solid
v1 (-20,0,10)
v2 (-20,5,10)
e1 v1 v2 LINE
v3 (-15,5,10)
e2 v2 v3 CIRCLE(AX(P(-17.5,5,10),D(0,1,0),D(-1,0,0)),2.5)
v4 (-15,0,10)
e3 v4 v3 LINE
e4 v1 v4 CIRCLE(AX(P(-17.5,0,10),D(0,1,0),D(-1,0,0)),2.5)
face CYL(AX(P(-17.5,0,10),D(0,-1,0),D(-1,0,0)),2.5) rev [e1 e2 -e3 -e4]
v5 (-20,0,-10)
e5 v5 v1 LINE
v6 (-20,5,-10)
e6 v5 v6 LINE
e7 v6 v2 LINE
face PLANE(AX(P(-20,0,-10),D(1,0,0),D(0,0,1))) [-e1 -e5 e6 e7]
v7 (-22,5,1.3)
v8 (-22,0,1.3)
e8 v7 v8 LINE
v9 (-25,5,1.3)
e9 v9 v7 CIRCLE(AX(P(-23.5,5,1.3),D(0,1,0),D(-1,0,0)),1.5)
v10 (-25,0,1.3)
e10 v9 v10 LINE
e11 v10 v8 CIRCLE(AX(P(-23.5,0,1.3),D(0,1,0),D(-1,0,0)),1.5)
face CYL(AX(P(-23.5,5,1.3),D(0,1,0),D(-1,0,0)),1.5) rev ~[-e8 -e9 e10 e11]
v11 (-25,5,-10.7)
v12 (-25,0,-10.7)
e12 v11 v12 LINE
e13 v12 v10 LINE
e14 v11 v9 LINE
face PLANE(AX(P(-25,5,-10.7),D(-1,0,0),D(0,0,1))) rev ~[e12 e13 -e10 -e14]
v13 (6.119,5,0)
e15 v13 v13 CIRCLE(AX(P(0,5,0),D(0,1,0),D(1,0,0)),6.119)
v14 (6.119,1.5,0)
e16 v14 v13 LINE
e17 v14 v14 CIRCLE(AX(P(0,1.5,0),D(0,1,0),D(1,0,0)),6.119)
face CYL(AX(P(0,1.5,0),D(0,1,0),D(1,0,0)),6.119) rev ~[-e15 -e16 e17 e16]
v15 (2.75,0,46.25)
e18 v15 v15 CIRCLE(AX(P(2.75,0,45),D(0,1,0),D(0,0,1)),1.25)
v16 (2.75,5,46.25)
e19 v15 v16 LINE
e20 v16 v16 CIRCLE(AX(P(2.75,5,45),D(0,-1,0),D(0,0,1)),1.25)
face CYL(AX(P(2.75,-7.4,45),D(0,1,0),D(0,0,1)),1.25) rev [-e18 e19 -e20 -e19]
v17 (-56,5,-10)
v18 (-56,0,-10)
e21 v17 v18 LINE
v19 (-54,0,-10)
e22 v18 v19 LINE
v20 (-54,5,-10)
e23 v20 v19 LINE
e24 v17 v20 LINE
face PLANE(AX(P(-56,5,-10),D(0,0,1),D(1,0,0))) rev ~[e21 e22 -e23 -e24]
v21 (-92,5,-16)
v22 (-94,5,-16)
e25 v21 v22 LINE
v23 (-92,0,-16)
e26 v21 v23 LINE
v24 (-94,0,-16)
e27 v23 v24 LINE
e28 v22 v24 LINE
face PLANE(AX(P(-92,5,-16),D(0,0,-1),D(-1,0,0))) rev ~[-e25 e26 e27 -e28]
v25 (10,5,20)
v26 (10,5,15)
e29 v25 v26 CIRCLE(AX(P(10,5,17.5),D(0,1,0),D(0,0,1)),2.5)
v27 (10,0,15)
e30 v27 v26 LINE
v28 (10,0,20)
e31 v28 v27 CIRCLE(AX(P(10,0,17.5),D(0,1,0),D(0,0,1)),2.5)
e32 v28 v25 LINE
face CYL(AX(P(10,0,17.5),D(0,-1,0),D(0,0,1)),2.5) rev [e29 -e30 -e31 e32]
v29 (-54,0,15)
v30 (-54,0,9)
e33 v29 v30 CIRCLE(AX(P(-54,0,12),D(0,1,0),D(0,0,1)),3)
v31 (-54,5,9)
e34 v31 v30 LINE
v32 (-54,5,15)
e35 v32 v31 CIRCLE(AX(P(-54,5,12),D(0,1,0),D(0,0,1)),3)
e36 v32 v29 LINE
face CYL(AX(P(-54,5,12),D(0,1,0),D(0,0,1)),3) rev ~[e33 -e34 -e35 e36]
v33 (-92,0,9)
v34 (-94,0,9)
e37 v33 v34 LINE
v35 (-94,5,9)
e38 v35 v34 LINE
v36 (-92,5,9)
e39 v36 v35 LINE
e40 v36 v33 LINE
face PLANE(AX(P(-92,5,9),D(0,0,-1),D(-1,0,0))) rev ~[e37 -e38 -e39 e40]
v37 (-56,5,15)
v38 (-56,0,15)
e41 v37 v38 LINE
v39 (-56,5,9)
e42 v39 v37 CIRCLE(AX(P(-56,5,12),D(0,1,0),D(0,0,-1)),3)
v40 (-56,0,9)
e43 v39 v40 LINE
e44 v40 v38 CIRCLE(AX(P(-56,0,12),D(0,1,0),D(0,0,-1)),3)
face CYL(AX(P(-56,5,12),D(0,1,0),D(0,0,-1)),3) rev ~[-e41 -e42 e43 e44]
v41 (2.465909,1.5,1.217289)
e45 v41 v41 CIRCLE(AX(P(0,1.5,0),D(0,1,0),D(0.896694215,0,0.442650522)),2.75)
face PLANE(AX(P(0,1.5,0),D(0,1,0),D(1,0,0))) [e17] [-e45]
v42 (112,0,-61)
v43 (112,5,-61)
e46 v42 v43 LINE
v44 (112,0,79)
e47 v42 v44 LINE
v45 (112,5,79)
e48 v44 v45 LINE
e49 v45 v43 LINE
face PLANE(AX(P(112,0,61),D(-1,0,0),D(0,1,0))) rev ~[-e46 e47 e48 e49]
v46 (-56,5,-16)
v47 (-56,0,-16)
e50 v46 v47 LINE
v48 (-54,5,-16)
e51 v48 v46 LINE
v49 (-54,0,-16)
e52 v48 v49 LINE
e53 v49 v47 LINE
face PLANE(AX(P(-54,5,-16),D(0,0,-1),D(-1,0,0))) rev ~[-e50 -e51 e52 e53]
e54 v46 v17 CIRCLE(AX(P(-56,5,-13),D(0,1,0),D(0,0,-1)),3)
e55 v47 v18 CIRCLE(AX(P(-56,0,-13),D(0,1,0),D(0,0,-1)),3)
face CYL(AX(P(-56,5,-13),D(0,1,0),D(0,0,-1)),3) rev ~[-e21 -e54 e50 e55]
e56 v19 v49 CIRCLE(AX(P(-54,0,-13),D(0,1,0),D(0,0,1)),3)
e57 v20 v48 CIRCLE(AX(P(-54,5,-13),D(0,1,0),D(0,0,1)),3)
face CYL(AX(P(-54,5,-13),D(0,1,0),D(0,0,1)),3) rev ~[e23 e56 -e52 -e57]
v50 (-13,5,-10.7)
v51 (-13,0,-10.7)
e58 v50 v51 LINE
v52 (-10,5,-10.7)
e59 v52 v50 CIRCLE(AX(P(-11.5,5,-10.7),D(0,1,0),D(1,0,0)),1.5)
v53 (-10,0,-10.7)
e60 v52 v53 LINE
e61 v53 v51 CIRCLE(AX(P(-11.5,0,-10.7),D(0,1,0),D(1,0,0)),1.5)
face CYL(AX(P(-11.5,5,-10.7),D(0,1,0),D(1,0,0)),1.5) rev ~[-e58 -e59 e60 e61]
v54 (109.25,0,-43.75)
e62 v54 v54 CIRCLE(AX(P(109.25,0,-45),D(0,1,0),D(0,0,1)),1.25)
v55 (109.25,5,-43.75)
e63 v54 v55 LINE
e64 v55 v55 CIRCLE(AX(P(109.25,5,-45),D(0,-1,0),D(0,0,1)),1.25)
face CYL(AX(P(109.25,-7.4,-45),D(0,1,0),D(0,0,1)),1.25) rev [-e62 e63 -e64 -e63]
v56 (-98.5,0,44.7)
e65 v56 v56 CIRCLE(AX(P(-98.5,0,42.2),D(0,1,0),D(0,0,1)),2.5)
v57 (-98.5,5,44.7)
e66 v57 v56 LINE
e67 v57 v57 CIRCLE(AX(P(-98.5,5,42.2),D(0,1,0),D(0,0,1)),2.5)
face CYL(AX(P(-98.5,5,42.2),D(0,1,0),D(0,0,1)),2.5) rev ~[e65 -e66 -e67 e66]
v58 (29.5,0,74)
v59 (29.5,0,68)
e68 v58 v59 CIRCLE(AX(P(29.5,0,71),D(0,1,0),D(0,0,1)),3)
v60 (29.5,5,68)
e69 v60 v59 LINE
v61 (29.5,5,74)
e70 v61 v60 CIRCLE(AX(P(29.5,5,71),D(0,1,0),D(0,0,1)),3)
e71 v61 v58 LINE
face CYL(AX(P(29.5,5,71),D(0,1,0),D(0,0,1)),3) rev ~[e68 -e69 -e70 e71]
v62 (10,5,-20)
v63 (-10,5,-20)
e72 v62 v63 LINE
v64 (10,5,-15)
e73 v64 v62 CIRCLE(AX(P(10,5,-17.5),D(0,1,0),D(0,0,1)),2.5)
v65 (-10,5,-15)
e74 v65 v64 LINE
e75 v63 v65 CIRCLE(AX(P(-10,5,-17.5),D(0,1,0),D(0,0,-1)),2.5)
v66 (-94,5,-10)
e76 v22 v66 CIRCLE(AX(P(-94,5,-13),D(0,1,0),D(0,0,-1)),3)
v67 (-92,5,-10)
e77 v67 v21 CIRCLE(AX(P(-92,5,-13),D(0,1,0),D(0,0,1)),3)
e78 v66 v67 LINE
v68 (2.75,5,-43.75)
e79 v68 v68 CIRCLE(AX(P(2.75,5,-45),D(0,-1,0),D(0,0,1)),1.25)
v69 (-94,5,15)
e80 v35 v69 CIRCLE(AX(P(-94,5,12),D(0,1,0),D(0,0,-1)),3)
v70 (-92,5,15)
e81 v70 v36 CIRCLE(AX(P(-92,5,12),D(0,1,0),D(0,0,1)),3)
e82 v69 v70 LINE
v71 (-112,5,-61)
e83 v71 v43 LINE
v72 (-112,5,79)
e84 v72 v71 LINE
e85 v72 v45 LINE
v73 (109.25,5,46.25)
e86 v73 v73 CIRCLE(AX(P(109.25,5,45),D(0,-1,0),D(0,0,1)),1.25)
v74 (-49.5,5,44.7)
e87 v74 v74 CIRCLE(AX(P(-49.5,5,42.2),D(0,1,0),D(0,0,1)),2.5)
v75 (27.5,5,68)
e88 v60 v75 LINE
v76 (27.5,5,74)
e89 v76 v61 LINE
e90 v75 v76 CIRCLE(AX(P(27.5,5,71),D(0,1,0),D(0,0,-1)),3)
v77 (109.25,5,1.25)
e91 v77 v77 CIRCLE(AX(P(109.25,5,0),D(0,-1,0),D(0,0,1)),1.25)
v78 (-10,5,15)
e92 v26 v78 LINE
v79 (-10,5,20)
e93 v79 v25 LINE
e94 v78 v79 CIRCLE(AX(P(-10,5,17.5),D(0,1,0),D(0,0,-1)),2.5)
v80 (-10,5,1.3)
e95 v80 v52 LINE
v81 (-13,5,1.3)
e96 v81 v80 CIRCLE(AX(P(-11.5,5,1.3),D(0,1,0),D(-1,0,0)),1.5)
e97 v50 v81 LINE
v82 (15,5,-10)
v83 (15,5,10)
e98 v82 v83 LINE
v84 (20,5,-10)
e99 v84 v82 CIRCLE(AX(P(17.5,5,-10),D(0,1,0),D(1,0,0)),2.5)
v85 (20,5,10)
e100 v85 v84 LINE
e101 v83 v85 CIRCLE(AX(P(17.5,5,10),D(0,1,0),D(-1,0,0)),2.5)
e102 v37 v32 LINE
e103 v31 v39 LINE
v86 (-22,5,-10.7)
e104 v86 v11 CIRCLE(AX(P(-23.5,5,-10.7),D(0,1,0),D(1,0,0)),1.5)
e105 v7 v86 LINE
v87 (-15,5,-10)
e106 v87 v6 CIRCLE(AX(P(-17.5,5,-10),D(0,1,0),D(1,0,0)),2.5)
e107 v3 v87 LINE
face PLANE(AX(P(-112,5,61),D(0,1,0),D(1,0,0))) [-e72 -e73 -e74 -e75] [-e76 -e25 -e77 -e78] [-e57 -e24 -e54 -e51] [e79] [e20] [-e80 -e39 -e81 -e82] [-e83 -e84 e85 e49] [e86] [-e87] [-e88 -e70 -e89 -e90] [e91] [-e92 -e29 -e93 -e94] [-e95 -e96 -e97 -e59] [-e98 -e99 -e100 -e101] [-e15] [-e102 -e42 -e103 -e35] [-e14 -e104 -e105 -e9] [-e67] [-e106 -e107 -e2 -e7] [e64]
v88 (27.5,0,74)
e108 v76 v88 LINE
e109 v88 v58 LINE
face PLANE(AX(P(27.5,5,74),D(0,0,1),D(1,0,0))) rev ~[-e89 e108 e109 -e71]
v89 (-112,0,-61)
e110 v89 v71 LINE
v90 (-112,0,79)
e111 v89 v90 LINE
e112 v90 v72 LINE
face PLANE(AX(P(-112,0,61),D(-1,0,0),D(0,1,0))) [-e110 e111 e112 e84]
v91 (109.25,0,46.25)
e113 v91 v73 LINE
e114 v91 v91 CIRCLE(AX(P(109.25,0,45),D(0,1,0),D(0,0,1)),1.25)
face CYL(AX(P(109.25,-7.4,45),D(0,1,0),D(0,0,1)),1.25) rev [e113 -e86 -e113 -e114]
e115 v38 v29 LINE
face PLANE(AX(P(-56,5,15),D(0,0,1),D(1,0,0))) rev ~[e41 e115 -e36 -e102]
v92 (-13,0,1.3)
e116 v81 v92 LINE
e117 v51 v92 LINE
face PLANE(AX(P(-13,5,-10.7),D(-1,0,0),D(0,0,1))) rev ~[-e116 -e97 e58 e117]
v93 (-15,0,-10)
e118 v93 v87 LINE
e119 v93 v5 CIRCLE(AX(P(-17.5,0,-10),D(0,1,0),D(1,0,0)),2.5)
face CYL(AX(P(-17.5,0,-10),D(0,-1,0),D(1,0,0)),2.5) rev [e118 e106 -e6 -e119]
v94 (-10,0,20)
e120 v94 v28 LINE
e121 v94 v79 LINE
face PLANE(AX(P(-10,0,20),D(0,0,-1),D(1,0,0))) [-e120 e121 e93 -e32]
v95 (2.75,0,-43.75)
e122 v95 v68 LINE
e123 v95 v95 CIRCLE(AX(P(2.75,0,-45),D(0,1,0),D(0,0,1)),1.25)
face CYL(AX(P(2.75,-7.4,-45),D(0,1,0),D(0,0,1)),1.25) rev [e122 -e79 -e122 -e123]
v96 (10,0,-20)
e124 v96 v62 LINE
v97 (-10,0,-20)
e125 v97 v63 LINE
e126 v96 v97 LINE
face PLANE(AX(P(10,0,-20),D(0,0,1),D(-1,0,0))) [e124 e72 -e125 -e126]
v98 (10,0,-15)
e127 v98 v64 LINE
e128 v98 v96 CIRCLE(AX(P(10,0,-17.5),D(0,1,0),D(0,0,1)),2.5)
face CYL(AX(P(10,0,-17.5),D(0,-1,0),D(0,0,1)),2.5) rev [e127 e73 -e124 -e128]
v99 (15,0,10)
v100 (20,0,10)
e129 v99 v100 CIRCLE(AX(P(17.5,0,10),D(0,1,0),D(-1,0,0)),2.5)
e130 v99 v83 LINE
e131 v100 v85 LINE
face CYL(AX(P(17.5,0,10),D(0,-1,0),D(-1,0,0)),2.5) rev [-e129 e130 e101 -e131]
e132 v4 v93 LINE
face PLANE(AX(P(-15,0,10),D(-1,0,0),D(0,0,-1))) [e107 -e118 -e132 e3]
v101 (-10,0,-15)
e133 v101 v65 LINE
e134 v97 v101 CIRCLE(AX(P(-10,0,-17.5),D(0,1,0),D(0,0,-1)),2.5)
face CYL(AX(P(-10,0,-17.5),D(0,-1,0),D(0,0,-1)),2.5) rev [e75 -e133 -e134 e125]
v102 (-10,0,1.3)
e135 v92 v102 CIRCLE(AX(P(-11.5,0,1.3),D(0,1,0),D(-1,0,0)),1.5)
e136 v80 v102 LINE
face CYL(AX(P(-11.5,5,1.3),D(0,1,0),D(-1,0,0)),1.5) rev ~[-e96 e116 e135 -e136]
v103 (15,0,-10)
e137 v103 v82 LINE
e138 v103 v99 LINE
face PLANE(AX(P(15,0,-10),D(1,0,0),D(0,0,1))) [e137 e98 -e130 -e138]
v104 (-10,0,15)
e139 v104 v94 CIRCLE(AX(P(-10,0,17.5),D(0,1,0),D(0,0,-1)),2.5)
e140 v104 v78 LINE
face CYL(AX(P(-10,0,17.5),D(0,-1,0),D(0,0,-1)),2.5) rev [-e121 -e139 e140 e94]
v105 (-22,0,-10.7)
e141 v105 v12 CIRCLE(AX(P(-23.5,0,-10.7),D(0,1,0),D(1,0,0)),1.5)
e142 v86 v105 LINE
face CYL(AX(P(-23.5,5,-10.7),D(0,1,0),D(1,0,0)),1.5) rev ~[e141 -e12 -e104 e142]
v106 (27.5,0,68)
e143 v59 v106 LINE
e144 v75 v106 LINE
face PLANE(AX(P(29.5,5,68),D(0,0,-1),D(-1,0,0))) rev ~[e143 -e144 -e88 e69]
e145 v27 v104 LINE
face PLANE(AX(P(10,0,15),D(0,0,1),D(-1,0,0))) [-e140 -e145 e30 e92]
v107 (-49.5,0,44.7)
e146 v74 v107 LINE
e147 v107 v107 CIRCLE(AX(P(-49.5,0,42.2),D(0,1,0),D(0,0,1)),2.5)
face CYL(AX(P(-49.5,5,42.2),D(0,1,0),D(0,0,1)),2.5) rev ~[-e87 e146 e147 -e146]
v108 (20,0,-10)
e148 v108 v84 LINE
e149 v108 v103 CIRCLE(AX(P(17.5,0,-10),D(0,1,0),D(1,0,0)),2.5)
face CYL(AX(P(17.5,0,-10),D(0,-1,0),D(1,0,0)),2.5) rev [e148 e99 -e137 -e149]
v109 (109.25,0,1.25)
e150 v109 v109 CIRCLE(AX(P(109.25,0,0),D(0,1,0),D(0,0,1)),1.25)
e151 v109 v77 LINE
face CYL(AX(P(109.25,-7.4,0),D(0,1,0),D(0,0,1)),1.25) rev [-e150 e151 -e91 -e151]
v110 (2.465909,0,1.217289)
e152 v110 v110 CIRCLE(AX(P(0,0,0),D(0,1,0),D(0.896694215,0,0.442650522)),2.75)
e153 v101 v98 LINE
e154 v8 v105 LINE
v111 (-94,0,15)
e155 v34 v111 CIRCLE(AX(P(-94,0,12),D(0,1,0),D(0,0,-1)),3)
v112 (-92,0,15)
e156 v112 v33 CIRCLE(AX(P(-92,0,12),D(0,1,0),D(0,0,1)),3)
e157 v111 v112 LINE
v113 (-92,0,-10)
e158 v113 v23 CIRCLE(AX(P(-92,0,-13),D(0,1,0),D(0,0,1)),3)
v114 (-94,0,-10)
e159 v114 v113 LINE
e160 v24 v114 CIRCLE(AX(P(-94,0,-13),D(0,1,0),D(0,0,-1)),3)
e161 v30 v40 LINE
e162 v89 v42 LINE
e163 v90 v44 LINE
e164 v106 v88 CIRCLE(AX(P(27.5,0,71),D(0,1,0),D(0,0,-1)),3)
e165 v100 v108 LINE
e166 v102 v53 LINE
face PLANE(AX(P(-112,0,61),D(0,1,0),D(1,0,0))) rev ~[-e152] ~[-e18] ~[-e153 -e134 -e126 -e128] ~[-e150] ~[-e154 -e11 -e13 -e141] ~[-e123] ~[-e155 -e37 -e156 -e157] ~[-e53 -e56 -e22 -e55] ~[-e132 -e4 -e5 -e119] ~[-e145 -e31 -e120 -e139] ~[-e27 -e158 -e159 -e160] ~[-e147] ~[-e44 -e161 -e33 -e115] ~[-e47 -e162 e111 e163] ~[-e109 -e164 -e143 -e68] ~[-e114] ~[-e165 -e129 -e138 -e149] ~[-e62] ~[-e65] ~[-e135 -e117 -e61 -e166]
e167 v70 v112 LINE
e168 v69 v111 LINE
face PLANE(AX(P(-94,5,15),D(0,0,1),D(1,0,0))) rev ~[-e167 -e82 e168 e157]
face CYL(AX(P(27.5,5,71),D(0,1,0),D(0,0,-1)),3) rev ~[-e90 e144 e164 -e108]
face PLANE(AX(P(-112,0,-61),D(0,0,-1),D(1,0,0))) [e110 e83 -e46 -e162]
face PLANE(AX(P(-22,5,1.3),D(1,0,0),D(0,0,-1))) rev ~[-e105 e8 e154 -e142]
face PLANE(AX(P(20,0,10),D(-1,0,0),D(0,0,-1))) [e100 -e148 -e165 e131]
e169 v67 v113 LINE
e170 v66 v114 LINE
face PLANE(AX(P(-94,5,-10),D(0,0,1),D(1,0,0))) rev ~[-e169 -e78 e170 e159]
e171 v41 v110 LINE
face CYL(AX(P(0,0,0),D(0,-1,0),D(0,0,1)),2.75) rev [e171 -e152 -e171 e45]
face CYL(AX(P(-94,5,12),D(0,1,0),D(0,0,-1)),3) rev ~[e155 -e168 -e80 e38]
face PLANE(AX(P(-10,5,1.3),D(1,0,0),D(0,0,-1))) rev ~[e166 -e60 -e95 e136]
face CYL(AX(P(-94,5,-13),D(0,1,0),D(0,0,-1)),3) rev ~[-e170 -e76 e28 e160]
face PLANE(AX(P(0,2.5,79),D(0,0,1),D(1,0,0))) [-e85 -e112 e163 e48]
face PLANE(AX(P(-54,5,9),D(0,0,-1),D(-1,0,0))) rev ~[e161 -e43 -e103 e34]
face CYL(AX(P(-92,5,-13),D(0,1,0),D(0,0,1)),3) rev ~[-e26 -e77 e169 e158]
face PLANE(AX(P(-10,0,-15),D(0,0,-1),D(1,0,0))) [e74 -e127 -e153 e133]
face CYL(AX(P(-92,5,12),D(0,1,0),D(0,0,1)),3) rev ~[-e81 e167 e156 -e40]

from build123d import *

# Parameters (mm, degrees)
SKETCH1_W                               = 224
SKETCH1_H                               = 122
BOSS_EXTRUDE1_DEPTH                     = 5
CUT_EXTRUDE1_DEPTH                      = 5
CIRPATTERN1_COUNT                       = 4
SKETCH3_R                               = 2.75
CUT_EXTRUDE5_DEPTH                      = 5
CBORE_FOR_M5_HEX_HEAD_BOLT1_D           = 5.5
CBORE_FOR_M5_HEX_HEAD_BOLT1_DEPTH       = 12.4
CBORE_FOR_M5_HEX_HEAD_BOLT1_CBORE_D     = 12.238
CBORE_FOR_M5_HEX_HEAD_BOLT1_CBORE_DEPTH = 3.5
CBORE_FOR_M5_HEX_HEAD_BOLT1_TIP         = 1.652366702
F_2_5MM_DOWEL_HOLE1_AT_2_COUNT          = 2
F_2_5MM_DOWEL_HOLE1_AT_2_PITCH          = 45
F_2_5MM_DOWEL_HOLE1_AT_3_COUNT          = 2
F_2_5MM_DOWEL_HOLE1_AT_3_PITCH          = 90
LPATTERN1_COUNT                         = 2
LPATTERN1_PITCH                         = 106.5
BOSS_EXTRUDE3_START                     = -1.5
SKETCH11_R                              = 4
SKETCH11_R_2                            = 2.75
BOSS_EXTRUDE3_DEPTH                     = 1.5
CUT_EXTRUDE6_DEPTH                      = 10
LPATTERN2_COUNT                         = 2
LPATTERN2_PITCH                         = 25
SKETCH13_R                              = 2.5
CUT_EXTRUDE7_DEPTH                      = 10
SKETCH15_W                              = 224
SKETCH15_H                              = 5
BOSS_EXTRUDE4_DEPTH                     = 18
CUT_EXTRUDE8_DEPTH                      = 5
CUT_EXTRUDE9_DEPTH                      = 10


with BuildPart() as part:
    # Sketch1 → Boss-Extrude1 (new body)
    with BuildSketch(Plane(origin=(0, 0, 0), x_dir=(1, 0, 0), z_dir=(0, 1, 0))):
        Rectangle(SKETCH1_W, SKETCH1_H)
    extrude(amount=BOSS_EXTRUDE1_DEPTH)

    # Sketch2 → Cut-Extrude1 (cut)
    with BuildSketch(Plane.XZ):
        with BuildLine():
            Line((-15, 10), (-15, -10))
            ThreePointArc((-15, -10), (-17.5, -12.5), (-20, -10))
            Line((-20, -10), (-20, 10))
            ThreePointArc((-20, 10), (-17.5, 12.5), (-15, 10))
        make_face()
    cut_extrude1 = extrude(amount=-CUT_EXTRUDE1_DEPTH, mode=Mode.SUBTRACT)

    # CirPattern1: Cut-Extrude1 ×4 about axis
    cirpattern1_axis = Axis((0, 0, 0), (0, 1, 0))
    for i in range(1, CIRPATTERN1_COUNT):
        add(cut_extrude1.rotate(cirpattern1_axis, i * 360 / CIRPATTERN1_COUNT), mode=Mode.SUBTRACT)

    # Sketch3 → Cut-Extrude5 (cut)
    with BuildSketch(Plane(origin=(0, 0, 0), x_dir=(1, 0, 0), z_dir=(0, 1, 0))):
        with Locations(Location((0, 0, 0), (0, 0, 270))):
            Circle(SKETCH3_R)
    extrude(amount=CUT_EXTRUDE5_DEPTH, mode=Mode.SUBTRACT)

    # CBORE for M5 Hex Head Bolt1
    with Locations(Plane(origin=(0, 5, 0), x_dir=(1, 0, 0), z_dir=(0, 1, 0))):
        with Locations((0, 0)):
            CounterBoreHole(CBORE_FOR_M5_HEX_HEAD_BOLT1_D / 2, CBORE_FOR_M5_HEX_HEAD_BOLT1_CBORE_D / 2, CBORE_FOR_M5_HEX_HEAD_BOLT1_CBORE_DEPTH, depth=CBORE_FOR_M5_HEX_HEAD_BOLT1_DEPTH)
            with Locations((0, 0, -(CBORE_FOR_M5_HEX_HEAD_BOLT1_DEPTH + CBORE_FOR_M5_HEX_HEAD_BOLT1_TIP / 2))):  # 118° drill point
                Cone(0, CBORE_FOR_M5_HEX_HEAD_BOLT1_D / 2, CBORE_FOR_M5_HEX_HEAD_BOLT1_TIP, mode=Mode.SUBTRACT)

    # Sketch10 → Ø2.5mm Dowel Hole1 (revolve, cut)
    with BuildSketch(Plane(origin=(109.25, 5, 45), x_dir=(0, 0, 1), z_dir=(1, 0, 0))):
        Polygon((0, 0), (0, 13.151075774), (1.25, 12.4), (1.25, 0), align=None)
    f_2_5mm_dowel_hole1 = revolve(axis=Axis((109.25, 11.35, 45), (0, -1, 0)), mode=Mode.SUBTRACT)

    # Ø2.5mm Dowel Hole1 at 2: Ø2.5mm Dowel Hole1 ×2
    with Locations(*[(0, 0, -i * F_2_5MM_DOWEL_HOLE1_AT_2_PITCH) for i in range(1, F_2_5MM_DOWEL_HOLE1_AT_2_COUNT)]):
        add(f_2_5mm_dowel_hole1, mode=Mode.SUBTRACT)

    # Ø2.5mm Dowel Hole1 at 3: Ø2.5mm Dowel Hole1 ×2
    with Locations(*[(0, 0, -i * F_2_5MM_DOWEL_HOLE1_AT_3_PITCH) for i in range(1, F_2_5MM_DOWEL_HOLE1_AT_3_COUNT)]):
        add(f_2_5mm_dowel_hole1, mode=Mode.SUBTRACT)

    # LPattern1: Ø2.5mm Dowel Hole1 ×2
    with Locations(*[(-i * LPATTERN1_PITCH, 0, 0) for i in range(1, LPATTERN1_COUNT)]):
        add(f_2_5mm_dowel_hole1, mode=Mode.SUBTRACT)

    # LPattern1 copy 1 sketch → LPattern1 copy 1 (revolve, cut)
    with BuildSketch(Plane(origin=(2.75, 5, 0), x_dir=(0, 0, 1), z_dir=(1, 0, 0))):
        Polygon((0, 0), (0, 13.151075774), (1.25, 12.4), (1.25, 0), align=None)
    revolve(axis=Axis((2.75, 11.35, 0), (0, -1, 0)), mode=Mode.SUBTRACT)

    # LPattern1 copy 2 sketch → LPattern1 copy 2 (revolve, cut)
    with BuildSketch(Plane(origin=(2.75, 5, -45), x_dir=(0, 0, 1), z_dir=(1, 0, 0))):
        Polygon((0, 0), (0, 13.151075774), (1.25, 12.4), (1.25, 0), align=None)
    revolve(axis=Axis((2.75, 11.35, -45), (0, -1, 0)), mode=Mode.SUBTRACT)

    # Sketch11 → Boss-Extrude3 (add)
    with BuildSketch(Plane(origin=(0, 1.5, 0), x_dir=(1, 0, 0), z_dir=(0, 1, 0)).offset(BOSS_EXTRUDE3_START)):
        Circle(SKETCH11_R)
        with Locations(Location((0, 0, 0), (0, 0, 270))):
            Circle(SKETCH11_R_2, mode=Mode.SUBTRACT)
    extrude(amount=BOSS_EXTRUDE3_DEPTH)

    # Sketch12 → Cut-Extrude6 (cut)
    with BuildSketch(Plane(origin=(0, 5, 0), x_dir=(1, 0, 0), z_dir=(0, 1, 0))):
        with BuildLine():
            Line((-94, -15), (-92, -15))
            ThreePointArc((-92, -15), (-89, -12), (-92, -9))
            Line((-92, -9), (-94, -9))
            ThreePointArc((-94, -9), (-97, -12), (-94, -15))
        make_face()
        with BuildLine():
            Line((-56, -15), (-54, -15))
            ThreePointArc((-54, -15), (-51, -12), (-54, -9))
            Line((-54, -9), (-56, -9))
            ThreePointArc((-56, -9), (-59, -12), (-56, -15))
        make_face()
    cut_extrude6 = extrude(amount=-CUT_EXTRUDE6_DEPTH, mode=Mode.SUBTRACT)

    # LPattern2: Cut-Extrude6 ×2
    with Locations(*[(0, 0, -i * LPATTERN2_PITCH) for i in range(1, LPATTERN2_COUNT)]):
        add(cut_extrude6, mode=Mode.SUBTRACT)

    # Sketch13 → Cut-Extrude7 (cut)
    with BuildSketch(Plane(origin=(0, 5, 0), x_dir=(1, 0, 0), z_dir=(0, 1, 0))):
        with Locations(Location((-98.5, -42.2, 0), (0, 0, 270))):
            Circle(SKETCH13_R)
        with Locations(Location((-49.5, -42.2, 0), (0, 0, 270))):
            Circle(SKETCH13_R)
    extrude(amount=-CUT_EXTRUDE7_DEPTH, mode=Mode.SUBTRACT)

    # Sketch15 → Boss-Extrude4 (add)
    with BuildSketch(Plane.XY.offset(61)):
        with Locations((0, 2.5)):
            Rectangle(SKETCH15_W, SKETCH15_H)
    extrude(amount=BOSS_EXTRUDE4_DEPTH)

    # Sketch14 → Cut-Extrude8 (cut)
    with BuildSketch(Plane(origin=(0, 5, 0), x_dir=(1, 0, 0), z_dir=(0, 1, 0))):
        with BuildLine():
            Line((29.5, -68), (27.5, -68))
            ThreePointArc((27.5, -68), (24.5, -71), (27.5, -74))
            Line((27.5, -74), (29.5, -74))
            ThreePointArc((29.5, -74), (32.5, -71), (29.5, -68))
        make_face()
    extrude(amount=-CUT_EXTRUDE8_DEPTH, mode=Mode.SUBTRACT)

    # Sketch16 → Cut-Extrude9 (cut)
    with BuildSketch(Plane(origin=(0, 5, 0), x_dir=(1, 0, 0), z_dir=(0, 1, 0))):
        with BuildLine():
            Line((-13, 10.7), (-13, -1.3))
            ThreePointArc((-13, -1.3), (-11.5, -2.8), (-10, -1.3))
            Line((-10, -1.3), (-10, 10.7))
            ThreePointArc((-10, 10.7), (-11.5, 12.2), (-13, 10.7))
        make_face()
        with BuildLine():
            Line((-25, 10.7), (-25, -1.3))
            ThreePointArc((-25, -1.3), (-23.5, -2.8), (-22, -1.3))
            Line((-22, -1.3), (-22, 10.7))
            ThreePointArc((-22, 10.7), (-23.5, 12.2), (-25, 10.7))
        make_face()
    extrude(amount=-CUT_EXTRUDE9_DEPTH, mode=Mode.SUBTRACT)


solid = part.part
